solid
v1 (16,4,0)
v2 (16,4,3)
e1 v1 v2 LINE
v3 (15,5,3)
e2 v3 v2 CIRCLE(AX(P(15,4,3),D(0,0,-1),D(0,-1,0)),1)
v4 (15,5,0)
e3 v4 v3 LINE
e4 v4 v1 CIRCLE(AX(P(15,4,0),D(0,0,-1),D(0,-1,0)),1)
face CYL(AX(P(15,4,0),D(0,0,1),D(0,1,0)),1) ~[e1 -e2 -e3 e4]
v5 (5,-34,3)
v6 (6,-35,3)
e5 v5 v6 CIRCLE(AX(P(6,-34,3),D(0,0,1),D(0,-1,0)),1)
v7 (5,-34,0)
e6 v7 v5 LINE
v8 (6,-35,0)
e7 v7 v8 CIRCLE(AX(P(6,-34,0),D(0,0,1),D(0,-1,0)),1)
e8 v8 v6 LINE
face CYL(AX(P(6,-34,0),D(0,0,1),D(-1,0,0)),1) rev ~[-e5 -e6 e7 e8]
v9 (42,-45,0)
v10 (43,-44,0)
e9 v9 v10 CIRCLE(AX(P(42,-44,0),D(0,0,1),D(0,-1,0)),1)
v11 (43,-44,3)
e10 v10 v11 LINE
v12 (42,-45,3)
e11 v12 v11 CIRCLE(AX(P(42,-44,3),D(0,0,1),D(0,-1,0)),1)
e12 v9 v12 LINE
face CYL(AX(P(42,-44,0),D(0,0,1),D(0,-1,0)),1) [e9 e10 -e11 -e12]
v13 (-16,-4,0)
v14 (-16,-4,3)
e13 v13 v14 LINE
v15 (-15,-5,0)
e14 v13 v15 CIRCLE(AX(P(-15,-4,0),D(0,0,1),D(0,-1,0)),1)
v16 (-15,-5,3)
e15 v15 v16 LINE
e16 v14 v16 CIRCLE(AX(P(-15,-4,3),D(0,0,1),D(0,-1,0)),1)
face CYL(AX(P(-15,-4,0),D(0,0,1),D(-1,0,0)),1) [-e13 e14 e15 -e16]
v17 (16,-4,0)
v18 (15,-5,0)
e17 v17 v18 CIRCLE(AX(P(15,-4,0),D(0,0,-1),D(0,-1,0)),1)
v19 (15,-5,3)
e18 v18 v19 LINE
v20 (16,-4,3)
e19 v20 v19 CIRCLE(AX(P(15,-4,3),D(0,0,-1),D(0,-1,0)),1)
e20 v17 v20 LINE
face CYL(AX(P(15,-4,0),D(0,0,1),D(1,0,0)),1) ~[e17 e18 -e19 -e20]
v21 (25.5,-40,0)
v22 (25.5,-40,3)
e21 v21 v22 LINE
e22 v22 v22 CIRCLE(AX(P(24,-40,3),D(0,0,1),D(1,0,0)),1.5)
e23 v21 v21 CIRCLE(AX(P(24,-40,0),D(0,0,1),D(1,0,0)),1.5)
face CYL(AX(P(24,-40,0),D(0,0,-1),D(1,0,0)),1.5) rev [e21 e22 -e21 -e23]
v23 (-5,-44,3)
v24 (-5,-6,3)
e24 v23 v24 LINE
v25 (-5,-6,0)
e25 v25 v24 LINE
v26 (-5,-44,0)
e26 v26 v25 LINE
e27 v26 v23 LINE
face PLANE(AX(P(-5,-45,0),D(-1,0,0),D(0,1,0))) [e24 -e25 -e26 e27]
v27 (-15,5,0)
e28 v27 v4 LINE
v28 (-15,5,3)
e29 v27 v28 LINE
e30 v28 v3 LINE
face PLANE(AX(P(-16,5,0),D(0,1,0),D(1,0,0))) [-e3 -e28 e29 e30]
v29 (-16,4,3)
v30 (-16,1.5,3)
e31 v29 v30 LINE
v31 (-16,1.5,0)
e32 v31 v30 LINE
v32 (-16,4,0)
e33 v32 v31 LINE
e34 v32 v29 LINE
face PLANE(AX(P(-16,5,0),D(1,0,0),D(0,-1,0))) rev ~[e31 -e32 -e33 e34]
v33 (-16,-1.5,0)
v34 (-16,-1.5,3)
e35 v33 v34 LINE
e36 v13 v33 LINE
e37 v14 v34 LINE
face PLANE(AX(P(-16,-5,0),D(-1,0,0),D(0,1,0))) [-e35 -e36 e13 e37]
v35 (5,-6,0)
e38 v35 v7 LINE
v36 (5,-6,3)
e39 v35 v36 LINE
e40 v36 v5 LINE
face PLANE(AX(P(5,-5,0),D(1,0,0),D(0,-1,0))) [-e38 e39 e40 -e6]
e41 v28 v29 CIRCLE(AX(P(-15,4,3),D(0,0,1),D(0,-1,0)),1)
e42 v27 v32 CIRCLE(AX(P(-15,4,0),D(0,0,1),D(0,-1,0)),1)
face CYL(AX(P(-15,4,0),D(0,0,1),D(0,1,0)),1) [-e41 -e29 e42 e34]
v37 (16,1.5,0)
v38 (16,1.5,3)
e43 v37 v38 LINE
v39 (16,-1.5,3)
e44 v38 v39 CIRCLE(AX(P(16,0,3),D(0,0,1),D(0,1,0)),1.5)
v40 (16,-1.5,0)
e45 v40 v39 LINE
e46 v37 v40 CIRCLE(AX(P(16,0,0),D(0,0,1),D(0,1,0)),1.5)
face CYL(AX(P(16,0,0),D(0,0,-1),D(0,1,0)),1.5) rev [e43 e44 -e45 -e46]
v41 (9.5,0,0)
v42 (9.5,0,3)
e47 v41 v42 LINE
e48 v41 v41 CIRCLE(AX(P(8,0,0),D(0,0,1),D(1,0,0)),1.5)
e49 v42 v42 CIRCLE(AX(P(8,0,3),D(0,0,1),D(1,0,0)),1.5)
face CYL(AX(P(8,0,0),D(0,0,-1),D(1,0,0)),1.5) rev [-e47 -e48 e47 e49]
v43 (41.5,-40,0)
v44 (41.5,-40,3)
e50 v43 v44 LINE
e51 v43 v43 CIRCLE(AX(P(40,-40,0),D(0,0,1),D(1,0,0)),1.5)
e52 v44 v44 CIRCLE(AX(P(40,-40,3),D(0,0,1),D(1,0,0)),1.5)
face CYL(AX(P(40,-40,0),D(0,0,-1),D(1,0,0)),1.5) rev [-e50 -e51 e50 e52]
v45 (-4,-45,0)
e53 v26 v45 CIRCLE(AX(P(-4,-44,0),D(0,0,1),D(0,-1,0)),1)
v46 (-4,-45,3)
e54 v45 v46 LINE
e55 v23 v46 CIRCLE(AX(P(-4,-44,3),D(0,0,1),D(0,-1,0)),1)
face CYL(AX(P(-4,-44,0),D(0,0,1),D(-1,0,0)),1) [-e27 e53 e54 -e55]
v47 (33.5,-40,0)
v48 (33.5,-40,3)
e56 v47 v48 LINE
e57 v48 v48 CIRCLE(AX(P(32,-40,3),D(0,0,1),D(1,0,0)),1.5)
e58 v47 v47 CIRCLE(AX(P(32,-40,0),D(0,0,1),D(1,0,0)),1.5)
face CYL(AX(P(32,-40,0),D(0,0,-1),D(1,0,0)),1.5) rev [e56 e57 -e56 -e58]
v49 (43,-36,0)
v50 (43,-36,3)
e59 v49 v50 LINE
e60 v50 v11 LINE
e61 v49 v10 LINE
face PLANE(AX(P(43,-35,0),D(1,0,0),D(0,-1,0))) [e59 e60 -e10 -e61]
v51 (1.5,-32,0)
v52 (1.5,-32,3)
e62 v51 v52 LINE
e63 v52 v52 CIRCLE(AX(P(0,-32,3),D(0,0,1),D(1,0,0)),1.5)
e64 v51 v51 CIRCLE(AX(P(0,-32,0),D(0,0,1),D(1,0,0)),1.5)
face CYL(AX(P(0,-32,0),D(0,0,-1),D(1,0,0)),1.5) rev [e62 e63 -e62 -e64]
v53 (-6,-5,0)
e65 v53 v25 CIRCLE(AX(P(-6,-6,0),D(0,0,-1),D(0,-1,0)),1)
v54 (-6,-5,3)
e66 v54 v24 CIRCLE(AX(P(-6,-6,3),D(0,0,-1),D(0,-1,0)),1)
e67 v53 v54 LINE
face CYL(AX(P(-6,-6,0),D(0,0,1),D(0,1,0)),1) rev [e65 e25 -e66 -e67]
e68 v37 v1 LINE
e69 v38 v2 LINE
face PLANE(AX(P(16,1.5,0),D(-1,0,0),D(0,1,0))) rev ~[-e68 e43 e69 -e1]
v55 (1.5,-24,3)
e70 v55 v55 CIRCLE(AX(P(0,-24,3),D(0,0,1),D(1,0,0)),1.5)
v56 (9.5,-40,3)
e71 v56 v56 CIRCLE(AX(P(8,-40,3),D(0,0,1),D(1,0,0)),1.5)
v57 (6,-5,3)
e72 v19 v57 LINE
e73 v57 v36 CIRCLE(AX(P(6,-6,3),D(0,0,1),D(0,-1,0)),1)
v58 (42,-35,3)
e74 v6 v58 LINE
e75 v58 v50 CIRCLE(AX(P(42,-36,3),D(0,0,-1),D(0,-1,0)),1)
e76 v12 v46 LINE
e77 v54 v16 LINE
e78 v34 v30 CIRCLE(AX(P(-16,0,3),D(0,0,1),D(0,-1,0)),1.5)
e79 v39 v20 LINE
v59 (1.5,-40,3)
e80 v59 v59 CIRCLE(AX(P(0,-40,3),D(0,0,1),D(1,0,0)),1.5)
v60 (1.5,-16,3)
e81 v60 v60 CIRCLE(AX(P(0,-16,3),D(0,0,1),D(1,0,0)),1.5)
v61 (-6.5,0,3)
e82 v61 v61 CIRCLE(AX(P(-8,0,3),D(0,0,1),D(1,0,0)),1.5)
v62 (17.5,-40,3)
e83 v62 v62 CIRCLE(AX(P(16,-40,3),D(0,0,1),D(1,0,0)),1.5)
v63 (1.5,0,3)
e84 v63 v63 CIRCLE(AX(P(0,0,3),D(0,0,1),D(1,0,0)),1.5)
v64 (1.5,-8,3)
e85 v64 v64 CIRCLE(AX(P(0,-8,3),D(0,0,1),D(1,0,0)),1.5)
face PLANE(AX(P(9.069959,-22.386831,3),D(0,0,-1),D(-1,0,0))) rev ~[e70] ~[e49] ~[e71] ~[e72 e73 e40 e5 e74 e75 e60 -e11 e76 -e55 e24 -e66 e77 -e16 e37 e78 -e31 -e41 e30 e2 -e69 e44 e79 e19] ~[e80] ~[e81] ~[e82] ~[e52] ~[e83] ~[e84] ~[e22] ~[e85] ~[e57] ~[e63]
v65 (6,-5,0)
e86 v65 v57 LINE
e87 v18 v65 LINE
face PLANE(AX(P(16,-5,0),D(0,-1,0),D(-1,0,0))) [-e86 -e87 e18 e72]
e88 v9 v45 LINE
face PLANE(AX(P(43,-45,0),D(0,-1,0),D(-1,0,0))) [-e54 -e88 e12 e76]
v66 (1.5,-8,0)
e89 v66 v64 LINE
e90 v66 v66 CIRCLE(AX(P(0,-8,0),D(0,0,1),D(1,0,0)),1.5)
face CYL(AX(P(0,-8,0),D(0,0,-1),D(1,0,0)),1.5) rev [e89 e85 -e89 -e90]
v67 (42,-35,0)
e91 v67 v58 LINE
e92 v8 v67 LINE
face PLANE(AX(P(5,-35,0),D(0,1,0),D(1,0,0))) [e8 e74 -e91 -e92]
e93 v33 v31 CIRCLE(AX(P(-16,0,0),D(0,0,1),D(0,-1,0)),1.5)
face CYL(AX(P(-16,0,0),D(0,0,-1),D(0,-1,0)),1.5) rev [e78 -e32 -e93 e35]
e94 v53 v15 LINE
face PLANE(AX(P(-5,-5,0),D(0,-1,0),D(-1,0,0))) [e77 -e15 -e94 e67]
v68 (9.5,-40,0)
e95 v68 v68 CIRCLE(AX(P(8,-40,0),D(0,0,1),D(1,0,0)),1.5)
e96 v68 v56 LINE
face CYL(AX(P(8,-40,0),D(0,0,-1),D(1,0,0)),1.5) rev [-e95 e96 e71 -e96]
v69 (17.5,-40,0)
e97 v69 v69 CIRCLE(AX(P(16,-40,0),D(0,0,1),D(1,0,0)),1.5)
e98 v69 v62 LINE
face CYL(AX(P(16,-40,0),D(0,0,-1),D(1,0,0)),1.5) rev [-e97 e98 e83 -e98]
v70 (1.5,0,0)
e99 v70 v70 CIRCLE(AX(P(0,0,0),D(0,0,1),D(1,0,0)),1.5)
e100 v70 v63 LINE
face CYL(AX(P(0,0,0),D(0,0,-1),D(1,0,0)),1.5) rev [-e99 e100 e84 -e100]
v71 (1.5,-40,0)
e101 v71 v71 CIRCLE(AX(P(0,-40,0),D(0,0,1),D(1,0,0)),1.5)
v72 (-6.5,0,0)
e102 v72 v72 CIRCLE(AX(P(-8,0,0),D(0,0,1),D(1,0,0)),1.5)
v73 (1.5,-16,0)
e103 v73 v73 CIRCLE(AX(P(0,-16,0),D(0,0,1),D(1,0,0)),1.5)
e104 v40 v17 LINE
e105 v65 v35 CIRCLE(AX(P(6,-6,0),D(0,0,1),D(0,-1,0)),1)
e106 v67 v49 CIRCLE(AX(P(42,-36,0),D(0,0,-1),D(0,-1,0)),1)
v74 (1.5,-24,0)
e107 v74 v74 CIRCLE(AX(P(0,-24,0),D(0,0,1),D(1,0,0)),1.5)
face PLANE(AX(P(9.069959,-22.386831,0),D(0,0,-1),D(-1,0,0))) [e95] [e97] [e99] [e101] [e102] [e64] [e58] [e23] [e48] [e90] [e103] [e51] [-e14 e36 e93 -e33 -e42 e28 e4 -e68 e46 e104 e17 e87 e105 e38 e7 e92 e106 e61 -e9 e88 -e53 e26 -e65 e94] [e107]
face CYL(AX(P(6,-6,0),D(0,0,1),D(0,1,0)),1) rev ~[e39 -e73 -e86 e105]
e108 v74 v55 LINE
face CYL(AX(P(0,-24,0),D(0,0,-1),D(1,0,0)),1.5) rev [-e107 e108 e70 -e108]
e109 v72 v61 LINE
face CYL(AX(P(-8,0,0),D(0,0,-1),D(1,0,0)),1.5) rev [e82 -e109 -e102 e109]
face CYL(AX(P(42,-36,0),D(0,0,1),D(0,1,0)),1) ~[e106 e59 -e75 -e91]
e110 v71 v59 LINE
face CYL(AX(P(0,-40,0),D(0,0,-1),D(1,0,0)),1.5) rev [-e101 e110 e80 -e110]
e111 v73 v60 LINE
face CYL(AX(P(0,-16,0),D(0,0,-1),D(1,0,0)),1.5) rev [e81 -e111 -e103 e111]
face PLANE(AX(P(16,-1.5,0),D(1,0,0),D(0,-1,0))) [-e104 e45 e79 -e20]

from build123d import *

# Parameters (mm, degrees)
SKETCH_R  = 1.5
PAD_DEPTH = 3
FILLET_R  = 1


with BuildPart() as part:
    # Sketch → Pad (new body)
    with BuildSketch(Plane.XY):
        with BuildLine():
            Line((-16, 5), (16, 5))
            Line((16, 1.5), (16, 5))
            ThreePointArc((16, 1.5), (14.5, 0), (16, -1.5))
            Line((16, -1.5), (16, -5))
            Line((16, -5), (5, -5))
            Line((5, -5), (5, -35))
            Line((5, -35), (43, -35))
            Line((43, -35), (43, -45))
            Line((43, -45), (-5, -45))
            Line((-5, -45), (-5, -35))
            Line((-5, -35), (-5, -5))
            Line((-5, -5), (-16, -5))
            Line((-16, -5), (-16, -1.5))
            ThreePointArc((-16, -1.5), (-14.5, 0), (-16, 1.5))
            Line((-16, 5), (-16, 1.5))
        make_face()
        with Locations((-8, 0)):
            Circle(SKETCH_R, mode=Mode.SUBTRACT)
        Circle(SKETCH_R, mode=Mode.SUBTRACT)
        with Locations((8, 0)):
            Circle(SKETCH_R, mode=Mode.SUBTRACT)
        with Locations((0, -8)):
            Circle(SKETCH_R, mode=Mode.SUBTRACT)
        with Locations((0, -16)):
            Circle(SKETCH_R, mode=Mode.SUBTRACT)
        with Locations((0, -24)):
            Circle(SKETCH_R, mode=Mode.SUBTRACT)
        with Locations((0, -32)):
            Circle(SKETCH_R, mode=Mode.SUBTRACT)
        with Locations((0, -40)):
            Circle(SKETCH_R, mode=Mode.SUBTRACT)
        with Locations((8, -40)):
            Circle(SKETCH_R, mode=Mode.SUBTRACT)
        with Locations((16, -40)):
            Circle(SKETCH_R, mode=Mode.SUBTRACT)
        with Locations((24, -40)):
            Circle(SKETCH_R, mode=Mode.SUBTRACT)
        with Locations((32, -40)):
            Circle(SKETCH_R, mode=Mode.SUBTRACT)
        with Locations((40, -40)):
            Circle(SKETCH_R, mode=Mode.SUBTRACT)
    extrude(amount=PAD_DEPTH)

    # Fillet
    fillet_edges = [part.edges().sort_by_distance(p)[0] for p in [
        (-16, 5, 1.5),
        (-16, -5, 1.5),
        (16, 5, 1.5),
        (16, -5, 1.5),
        (43, -35, 1.5),
        (5, -35, 1.5),
        (43, -45, 1.5),
        (-5, -45, 1.5),
        (5, -5, 1.5),
        (-5, -5, 1.5),
    ]]
    fillet(fillet_edges, radius=FILLET_R)


solid = part.part
